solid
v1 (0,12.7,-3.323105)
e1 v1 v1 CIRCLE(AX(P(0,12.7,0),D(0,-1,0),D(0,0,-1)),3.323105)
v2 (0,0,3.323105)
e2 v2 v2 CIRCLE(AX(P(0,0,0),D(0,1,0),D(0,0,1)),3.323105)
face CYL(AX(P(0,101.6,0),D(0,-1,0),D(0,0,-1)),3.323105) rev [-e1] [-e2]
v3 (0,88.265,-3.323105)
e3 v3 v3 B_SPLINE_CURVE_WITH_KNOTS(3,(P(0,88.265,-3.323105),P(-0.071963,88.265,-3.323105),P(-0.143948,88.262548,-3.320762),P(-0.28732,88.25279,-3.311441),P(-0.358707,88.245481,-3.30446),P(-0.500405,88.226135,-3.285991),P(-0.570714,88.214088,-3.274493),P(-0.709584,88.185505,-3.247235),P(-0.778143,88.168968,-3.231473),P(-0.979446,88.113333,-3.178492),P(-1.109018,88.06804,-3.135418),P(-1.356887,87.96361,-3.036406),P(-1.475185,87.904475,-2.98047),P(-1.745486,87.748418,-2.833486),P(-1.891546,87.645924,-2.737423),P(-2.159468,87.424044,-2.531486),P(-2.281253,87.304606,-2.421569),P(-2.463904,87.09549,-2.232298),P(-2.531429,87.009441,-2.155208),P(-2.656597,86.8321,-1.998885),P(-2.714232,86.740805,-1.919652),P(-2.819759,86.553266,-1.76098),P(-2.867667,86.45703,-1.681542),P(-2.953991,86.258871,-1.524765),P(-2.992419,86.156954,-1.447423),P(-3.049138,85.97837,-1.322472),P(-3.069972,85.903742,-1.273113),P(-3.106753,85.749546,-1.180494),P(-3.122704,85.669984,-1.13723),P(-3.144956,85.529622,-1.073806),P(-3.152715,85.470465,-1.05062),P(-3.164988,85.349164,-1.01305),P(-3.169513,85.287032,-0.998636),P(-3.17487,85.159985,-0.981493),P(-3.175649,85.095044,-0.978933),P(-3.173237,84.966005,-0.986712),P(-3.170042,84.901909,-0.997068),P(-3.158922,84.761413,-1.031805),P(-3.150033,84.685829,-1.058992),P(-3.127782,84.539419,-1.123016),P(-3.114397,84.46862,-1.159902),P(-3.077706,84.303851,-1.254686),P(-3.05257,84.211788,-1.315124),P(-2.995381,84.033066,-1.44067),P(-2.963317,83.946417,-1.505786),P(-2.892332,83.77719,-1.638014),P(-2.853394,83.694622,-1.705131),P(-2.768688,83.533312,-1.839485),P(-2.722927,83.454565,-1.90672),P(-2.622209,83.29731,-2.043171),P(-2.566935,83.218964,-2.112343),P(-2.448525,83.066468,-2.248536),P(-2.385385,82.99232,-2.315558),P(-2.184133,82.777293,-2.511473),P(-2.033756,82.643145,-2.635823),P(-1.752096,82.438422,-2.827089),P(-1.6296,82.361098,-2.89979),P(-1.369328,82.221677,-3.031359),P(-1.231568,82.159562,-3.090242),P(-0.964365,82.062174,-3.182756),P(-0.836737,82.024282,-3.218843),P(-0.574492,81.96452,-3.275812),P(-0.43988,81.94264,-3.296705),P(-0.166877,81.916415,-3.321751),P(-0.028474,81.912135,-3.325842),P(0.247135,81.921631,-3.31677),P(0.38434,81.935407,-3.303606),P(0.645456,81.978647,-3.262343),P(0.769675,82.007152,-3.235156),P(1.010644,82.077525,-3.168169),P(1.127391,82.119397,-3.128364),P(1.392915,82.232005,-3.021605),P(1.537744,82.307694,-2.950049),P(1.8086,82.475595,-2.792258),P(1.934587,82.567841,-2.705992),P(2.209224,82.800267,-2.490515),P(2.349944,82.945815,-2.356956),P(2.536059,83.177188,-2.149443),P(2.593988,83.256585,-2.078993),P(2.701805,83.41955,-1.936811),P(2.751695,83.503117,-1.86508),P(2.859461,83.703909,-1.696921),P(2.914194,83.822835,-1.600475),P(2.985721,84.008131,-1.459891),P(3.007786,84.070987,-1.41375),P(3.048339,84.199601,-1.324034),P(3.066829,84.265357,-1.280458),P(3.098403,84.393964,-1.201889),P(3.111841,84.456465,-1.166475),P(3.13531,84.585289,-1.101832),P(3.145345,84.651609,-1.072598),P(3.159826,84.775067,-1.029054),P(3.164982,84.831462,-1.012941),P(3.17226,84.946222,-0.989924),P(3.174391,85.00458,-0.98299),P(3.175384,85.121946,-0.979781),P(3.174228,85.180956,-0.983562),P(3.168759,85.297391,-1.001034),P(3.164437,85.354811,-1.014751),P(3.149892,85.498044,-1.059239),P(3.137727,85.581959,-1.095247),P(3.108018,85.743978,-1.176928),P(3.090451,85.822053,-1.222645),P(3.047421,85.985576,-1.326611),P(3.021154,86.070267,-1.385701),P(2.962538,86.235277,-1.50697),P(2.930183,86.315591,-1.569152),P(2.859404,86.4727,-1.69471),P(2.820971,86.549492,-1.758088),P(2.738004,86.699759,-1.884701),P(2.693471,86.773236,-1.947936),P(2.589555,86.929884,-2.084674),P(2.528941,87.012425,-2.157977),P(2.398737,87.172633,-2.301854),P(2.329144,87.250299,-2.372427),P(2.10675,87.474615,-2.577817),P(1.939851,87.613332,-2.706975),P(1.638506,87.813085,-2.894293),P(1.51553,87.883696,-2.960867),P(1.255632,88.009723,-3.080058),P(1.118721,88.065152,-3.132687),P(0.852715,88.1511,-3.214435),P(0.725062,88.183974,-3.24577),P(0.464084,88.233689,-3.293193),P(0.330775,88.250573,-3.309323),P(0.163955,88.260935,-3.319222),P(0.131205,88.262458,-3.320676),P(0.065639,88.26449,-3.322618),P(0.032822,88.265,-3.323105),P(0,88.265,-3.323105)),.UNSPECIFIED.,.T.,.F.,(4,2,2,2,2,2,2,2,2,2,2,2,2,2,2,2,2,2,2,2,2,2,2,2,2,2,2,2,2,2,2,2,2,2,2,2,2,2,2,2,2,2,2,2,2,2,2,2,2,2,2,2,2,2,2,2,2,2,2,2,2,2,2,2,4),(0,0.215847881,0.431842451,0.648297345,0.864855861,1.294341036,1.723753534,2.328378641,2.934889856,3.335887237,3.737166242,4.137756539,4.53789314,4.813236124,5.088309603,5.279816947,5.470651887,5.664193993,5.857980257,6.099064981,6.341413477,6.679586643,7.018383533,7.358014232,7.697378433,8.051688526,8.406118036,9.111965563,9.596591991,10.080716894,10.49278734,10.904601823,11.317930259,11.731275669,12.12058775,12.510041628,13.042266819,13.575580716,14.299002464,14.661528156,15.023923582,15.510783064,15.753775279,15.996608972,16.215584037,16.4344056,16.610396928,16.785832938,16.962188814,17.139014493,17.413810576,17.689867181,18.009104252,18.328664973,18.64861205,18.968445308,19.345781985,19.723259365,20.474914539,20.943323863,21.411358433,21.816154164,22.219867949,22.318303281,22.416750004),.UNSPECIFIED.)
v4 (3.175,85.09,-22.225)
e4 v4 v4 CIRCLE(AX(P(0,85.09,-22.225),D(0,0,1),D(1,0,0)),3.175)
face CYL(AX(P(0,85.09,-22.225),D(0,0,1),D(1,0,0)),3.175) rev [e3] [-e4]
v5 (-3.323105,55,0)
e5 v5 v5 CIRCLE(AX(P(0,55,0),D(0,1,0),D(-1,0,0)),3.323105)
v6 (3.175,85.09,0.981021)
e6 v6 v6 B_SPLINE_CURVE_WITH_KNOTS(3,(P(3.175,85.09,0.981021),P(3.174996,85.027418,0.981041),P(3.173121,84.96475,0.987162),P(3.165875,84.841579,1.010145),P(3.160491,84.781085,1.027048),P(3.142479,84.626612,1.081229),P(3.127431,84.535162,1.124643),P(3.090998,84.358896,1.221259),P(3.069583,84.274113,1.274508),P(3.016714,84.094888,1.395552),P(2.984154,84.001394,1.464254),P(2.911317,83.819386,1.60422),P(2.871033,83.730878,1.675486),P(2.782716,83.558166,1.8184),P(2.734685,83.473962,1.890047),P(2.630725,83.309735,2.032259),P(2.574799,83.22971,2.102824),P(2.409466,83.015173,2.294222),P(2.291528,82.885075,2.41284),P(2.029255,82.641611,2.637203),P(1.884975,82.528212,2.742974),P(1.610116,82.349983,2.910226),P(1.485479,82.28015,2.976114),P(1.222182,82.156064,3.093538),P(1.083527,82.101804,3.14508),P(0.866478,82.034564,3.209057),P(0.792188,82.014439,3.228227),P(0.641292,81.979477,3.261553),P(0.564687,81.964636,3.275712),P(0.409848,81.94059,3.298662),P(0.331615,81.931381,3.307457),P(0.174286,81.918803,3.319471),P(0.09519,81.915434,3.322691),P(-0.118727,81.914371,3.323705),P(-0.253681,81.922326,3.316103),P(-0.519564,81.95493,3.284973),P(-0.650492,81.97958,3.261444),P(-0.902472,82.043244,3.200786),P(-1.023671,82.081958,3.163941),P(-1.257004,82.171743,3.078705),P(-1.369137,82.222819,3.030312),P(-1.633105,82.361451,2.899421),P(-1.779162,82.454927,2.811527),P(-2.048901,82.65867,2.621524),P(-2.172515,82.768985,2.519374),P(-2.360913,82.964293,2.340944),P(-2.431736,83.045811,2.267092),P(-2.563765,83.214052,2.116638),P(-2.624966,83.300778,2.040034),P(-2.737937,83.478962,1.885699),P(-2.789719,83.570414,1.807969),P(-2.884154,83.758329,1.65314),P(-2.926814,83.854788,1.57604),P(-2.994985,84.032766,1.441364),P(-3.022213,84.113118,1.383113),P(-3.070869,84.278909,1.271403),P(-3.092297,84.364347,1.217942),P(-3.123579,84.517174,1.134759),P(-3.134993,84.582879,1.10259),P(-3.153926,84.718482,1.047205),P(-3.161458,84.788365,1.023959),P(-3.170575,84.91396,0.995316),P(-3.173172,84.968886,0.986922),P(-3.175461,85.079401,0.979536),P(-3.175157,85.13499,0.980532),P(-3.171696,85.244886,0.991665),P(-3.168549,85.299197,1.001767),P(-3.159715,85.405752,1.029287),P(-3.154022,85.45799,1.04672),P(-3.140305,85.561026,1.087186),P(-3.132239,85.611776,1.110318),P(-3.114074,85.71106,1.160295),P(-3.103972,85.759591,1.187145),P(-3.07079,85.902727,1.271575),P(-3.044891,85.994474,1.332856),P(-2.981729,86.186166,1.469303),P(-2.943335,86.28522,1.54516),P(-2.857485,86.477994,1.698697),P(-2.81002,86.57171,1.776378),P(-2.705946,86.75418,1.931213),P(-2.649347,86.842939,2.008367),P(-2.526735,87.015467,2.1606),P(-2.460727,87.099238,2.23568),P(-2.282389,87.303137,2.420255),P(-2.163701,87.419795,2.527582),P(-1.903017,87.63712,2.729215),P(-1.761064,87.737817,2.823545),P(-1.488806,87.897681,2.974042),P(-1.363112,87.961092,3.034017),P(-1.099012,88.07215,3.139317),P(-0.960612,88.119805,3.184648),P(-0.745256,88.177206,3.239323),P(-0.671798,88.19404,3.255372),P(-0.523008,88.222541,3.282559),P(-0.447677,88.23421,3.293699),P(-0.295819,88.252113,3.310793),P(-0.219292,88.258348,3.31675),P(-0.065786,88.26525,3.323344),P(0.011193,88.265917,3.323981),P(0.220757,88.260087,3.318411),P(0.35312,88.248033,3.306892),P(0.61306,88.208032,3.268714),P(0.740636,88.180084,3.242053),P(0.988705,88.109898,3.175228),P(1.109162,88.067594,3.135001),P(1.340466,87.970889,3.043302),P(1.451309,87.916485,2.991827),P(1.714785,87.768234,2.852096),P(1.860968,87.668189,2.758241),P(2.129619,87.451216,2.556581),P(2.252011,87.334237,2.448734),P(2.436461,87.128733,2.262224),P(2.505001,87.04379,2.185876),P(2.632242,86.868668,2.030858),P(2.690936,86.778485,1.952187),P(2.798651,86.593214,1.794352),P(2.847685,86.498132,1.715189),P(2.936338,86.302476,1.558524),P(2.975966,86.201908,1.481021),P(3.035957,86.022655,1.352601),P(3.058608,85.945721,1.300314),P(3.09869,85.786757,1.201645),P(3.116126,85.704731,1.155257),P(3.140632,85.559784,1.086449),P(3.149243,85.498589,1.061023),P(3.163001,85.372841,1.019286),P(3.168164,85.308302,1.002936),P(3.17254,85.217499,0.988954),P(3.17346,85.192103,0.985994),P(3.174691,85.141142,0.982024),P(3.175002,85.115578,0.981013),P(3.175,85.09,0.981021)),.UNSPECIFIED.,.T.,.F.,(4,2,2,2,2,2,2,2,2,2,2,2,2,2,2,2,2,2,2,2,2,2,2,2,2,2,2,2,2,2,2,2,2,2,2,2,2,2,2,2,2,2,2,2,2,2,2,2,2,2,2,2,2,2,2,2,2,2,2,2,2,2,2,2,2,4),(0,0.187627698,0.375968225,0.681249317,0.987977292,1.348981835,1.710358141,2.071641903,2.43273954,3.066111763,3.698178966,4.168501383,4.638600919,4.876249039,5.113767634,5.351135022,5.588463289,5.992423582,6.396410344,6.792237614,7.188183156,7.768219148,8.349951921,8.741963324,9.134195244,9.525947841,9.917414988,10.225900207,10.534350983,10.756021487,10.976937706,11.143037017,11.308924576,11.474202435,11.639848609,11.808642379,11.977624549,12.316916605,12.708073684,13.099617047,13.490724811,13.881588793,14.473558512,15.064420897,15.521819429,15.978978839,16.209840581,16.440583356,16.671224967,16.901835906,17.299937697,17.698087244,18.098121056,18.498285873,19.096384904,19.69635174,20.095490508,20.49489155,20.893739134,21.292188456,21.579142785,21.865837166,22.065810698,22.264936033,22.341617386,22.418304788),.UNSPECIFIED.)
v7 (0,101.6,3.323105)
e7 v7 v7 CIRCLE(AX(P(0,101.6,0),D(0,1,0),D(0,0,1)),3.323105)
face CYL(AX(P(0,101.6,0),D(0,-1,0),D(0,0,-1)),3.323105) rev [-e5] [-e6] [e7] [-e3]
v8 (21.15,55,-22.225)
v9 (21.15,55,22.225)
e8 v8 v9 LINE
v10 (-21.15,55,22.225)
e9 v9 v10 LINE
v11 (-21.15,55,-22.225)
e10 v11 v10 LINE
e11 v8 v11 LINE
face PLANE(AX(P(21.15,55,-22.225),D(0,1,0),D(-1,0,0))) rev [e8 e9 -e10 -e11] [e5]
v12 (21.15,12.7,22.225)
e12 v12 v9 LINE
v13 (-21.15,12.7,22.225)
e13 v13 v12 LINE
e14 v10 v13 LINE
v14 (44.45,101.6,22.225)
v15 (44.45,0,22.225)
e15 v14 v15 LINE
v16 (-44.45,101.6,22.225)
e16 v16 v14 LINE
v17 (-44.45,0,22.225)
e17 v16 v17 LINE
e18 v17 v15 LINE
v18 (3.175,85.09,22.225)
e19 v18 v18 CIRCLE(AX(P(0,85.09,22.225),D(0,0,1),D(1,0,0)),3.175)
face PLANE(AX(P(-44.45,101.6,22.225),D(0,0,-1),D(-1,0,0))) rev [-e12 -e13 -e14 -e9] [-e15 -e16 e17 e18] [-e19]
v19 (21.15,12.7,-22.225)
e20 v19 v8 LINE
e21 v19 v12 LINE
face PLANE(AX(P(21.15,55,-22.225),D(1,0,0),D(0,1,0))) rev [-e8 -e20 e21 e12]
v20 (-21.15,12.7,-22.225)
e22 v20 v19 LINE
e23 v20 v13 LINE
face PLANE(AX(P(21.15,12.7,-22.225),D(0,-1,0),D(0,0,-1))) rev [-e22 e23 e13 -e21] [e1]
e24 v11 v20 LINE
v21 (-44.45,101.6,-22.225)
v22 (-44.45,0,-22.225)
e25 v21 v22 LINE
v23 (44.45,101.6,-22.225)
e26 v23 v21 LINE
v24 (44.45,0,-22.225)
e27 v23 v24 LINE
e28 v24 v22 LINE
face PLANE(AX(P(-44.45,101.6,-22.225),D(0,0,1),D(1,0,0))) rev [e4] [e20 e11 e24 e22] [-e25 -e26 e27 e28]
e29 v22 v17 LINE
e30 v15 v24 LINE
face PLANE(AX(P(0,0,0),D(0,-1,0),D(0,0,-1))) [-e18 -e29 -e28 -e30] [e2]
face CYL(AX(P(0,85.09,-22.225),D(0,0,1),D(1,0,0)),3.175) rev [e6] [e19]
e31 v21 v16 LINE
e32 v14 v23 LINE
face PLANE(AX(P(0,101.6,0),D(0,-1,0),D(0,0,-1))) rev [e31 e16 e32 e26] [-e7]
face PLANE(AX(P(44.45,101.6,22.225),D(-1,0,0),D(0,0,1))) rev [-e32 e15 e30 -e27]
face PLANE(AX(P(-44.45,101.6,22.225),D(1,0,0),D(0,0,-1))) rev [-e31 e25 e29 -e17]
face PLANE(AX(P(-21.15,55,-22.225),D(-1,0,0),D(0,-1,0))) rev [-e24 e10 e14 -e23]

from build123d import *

# Parameters (mm, degrees)
SKETCH1_W           = 88.9
SKETCH1_H           = 44.45
SKETCH1_R           = 3.323105079
BOSS_EXTRUDE1_DEPTH = 101.6
SKETCH2_R           = 3.175
SKETCH2_W           = 42.3
SKETCH2_H           = 42.3
CUT_EXTRUDE1_DEPTH  = 120.474537036


with BuildPart() as part:
    # Sketch1 → Boss-Extrude1 (new body)
    with BuildSketch(Plane(origin=(0, 0, 0), x_dir=(1, 0, 0), z_dir=(0, 1, 0))):
        Rectangle(SKETCH1_W, SKETCH1_H)
        with Locations(Location((0, 0, 0), (0, 0, 270))):
            Circle(SKETCH1_R, mode=Mode.SUBTRACT)
    extrude(amount=BOSS_EXTRUDE1_DEPTH)

    # Sketch2 → Cut-Extrude1 (cut, through all)
    with BuildSketch(Plane.XY.offset(22.225)):
        with Locations((0, 85.09)):
            Circle(SKETCH2_R)
        with Locations((0, 33.85)):
            Rectangle(SKETCH2_W, SKETCH2_H)
    extrude(amount=-CUT_EXTRUDE1_DEPTH, mode=Mode.SUBTRACT)


solid = part.part
